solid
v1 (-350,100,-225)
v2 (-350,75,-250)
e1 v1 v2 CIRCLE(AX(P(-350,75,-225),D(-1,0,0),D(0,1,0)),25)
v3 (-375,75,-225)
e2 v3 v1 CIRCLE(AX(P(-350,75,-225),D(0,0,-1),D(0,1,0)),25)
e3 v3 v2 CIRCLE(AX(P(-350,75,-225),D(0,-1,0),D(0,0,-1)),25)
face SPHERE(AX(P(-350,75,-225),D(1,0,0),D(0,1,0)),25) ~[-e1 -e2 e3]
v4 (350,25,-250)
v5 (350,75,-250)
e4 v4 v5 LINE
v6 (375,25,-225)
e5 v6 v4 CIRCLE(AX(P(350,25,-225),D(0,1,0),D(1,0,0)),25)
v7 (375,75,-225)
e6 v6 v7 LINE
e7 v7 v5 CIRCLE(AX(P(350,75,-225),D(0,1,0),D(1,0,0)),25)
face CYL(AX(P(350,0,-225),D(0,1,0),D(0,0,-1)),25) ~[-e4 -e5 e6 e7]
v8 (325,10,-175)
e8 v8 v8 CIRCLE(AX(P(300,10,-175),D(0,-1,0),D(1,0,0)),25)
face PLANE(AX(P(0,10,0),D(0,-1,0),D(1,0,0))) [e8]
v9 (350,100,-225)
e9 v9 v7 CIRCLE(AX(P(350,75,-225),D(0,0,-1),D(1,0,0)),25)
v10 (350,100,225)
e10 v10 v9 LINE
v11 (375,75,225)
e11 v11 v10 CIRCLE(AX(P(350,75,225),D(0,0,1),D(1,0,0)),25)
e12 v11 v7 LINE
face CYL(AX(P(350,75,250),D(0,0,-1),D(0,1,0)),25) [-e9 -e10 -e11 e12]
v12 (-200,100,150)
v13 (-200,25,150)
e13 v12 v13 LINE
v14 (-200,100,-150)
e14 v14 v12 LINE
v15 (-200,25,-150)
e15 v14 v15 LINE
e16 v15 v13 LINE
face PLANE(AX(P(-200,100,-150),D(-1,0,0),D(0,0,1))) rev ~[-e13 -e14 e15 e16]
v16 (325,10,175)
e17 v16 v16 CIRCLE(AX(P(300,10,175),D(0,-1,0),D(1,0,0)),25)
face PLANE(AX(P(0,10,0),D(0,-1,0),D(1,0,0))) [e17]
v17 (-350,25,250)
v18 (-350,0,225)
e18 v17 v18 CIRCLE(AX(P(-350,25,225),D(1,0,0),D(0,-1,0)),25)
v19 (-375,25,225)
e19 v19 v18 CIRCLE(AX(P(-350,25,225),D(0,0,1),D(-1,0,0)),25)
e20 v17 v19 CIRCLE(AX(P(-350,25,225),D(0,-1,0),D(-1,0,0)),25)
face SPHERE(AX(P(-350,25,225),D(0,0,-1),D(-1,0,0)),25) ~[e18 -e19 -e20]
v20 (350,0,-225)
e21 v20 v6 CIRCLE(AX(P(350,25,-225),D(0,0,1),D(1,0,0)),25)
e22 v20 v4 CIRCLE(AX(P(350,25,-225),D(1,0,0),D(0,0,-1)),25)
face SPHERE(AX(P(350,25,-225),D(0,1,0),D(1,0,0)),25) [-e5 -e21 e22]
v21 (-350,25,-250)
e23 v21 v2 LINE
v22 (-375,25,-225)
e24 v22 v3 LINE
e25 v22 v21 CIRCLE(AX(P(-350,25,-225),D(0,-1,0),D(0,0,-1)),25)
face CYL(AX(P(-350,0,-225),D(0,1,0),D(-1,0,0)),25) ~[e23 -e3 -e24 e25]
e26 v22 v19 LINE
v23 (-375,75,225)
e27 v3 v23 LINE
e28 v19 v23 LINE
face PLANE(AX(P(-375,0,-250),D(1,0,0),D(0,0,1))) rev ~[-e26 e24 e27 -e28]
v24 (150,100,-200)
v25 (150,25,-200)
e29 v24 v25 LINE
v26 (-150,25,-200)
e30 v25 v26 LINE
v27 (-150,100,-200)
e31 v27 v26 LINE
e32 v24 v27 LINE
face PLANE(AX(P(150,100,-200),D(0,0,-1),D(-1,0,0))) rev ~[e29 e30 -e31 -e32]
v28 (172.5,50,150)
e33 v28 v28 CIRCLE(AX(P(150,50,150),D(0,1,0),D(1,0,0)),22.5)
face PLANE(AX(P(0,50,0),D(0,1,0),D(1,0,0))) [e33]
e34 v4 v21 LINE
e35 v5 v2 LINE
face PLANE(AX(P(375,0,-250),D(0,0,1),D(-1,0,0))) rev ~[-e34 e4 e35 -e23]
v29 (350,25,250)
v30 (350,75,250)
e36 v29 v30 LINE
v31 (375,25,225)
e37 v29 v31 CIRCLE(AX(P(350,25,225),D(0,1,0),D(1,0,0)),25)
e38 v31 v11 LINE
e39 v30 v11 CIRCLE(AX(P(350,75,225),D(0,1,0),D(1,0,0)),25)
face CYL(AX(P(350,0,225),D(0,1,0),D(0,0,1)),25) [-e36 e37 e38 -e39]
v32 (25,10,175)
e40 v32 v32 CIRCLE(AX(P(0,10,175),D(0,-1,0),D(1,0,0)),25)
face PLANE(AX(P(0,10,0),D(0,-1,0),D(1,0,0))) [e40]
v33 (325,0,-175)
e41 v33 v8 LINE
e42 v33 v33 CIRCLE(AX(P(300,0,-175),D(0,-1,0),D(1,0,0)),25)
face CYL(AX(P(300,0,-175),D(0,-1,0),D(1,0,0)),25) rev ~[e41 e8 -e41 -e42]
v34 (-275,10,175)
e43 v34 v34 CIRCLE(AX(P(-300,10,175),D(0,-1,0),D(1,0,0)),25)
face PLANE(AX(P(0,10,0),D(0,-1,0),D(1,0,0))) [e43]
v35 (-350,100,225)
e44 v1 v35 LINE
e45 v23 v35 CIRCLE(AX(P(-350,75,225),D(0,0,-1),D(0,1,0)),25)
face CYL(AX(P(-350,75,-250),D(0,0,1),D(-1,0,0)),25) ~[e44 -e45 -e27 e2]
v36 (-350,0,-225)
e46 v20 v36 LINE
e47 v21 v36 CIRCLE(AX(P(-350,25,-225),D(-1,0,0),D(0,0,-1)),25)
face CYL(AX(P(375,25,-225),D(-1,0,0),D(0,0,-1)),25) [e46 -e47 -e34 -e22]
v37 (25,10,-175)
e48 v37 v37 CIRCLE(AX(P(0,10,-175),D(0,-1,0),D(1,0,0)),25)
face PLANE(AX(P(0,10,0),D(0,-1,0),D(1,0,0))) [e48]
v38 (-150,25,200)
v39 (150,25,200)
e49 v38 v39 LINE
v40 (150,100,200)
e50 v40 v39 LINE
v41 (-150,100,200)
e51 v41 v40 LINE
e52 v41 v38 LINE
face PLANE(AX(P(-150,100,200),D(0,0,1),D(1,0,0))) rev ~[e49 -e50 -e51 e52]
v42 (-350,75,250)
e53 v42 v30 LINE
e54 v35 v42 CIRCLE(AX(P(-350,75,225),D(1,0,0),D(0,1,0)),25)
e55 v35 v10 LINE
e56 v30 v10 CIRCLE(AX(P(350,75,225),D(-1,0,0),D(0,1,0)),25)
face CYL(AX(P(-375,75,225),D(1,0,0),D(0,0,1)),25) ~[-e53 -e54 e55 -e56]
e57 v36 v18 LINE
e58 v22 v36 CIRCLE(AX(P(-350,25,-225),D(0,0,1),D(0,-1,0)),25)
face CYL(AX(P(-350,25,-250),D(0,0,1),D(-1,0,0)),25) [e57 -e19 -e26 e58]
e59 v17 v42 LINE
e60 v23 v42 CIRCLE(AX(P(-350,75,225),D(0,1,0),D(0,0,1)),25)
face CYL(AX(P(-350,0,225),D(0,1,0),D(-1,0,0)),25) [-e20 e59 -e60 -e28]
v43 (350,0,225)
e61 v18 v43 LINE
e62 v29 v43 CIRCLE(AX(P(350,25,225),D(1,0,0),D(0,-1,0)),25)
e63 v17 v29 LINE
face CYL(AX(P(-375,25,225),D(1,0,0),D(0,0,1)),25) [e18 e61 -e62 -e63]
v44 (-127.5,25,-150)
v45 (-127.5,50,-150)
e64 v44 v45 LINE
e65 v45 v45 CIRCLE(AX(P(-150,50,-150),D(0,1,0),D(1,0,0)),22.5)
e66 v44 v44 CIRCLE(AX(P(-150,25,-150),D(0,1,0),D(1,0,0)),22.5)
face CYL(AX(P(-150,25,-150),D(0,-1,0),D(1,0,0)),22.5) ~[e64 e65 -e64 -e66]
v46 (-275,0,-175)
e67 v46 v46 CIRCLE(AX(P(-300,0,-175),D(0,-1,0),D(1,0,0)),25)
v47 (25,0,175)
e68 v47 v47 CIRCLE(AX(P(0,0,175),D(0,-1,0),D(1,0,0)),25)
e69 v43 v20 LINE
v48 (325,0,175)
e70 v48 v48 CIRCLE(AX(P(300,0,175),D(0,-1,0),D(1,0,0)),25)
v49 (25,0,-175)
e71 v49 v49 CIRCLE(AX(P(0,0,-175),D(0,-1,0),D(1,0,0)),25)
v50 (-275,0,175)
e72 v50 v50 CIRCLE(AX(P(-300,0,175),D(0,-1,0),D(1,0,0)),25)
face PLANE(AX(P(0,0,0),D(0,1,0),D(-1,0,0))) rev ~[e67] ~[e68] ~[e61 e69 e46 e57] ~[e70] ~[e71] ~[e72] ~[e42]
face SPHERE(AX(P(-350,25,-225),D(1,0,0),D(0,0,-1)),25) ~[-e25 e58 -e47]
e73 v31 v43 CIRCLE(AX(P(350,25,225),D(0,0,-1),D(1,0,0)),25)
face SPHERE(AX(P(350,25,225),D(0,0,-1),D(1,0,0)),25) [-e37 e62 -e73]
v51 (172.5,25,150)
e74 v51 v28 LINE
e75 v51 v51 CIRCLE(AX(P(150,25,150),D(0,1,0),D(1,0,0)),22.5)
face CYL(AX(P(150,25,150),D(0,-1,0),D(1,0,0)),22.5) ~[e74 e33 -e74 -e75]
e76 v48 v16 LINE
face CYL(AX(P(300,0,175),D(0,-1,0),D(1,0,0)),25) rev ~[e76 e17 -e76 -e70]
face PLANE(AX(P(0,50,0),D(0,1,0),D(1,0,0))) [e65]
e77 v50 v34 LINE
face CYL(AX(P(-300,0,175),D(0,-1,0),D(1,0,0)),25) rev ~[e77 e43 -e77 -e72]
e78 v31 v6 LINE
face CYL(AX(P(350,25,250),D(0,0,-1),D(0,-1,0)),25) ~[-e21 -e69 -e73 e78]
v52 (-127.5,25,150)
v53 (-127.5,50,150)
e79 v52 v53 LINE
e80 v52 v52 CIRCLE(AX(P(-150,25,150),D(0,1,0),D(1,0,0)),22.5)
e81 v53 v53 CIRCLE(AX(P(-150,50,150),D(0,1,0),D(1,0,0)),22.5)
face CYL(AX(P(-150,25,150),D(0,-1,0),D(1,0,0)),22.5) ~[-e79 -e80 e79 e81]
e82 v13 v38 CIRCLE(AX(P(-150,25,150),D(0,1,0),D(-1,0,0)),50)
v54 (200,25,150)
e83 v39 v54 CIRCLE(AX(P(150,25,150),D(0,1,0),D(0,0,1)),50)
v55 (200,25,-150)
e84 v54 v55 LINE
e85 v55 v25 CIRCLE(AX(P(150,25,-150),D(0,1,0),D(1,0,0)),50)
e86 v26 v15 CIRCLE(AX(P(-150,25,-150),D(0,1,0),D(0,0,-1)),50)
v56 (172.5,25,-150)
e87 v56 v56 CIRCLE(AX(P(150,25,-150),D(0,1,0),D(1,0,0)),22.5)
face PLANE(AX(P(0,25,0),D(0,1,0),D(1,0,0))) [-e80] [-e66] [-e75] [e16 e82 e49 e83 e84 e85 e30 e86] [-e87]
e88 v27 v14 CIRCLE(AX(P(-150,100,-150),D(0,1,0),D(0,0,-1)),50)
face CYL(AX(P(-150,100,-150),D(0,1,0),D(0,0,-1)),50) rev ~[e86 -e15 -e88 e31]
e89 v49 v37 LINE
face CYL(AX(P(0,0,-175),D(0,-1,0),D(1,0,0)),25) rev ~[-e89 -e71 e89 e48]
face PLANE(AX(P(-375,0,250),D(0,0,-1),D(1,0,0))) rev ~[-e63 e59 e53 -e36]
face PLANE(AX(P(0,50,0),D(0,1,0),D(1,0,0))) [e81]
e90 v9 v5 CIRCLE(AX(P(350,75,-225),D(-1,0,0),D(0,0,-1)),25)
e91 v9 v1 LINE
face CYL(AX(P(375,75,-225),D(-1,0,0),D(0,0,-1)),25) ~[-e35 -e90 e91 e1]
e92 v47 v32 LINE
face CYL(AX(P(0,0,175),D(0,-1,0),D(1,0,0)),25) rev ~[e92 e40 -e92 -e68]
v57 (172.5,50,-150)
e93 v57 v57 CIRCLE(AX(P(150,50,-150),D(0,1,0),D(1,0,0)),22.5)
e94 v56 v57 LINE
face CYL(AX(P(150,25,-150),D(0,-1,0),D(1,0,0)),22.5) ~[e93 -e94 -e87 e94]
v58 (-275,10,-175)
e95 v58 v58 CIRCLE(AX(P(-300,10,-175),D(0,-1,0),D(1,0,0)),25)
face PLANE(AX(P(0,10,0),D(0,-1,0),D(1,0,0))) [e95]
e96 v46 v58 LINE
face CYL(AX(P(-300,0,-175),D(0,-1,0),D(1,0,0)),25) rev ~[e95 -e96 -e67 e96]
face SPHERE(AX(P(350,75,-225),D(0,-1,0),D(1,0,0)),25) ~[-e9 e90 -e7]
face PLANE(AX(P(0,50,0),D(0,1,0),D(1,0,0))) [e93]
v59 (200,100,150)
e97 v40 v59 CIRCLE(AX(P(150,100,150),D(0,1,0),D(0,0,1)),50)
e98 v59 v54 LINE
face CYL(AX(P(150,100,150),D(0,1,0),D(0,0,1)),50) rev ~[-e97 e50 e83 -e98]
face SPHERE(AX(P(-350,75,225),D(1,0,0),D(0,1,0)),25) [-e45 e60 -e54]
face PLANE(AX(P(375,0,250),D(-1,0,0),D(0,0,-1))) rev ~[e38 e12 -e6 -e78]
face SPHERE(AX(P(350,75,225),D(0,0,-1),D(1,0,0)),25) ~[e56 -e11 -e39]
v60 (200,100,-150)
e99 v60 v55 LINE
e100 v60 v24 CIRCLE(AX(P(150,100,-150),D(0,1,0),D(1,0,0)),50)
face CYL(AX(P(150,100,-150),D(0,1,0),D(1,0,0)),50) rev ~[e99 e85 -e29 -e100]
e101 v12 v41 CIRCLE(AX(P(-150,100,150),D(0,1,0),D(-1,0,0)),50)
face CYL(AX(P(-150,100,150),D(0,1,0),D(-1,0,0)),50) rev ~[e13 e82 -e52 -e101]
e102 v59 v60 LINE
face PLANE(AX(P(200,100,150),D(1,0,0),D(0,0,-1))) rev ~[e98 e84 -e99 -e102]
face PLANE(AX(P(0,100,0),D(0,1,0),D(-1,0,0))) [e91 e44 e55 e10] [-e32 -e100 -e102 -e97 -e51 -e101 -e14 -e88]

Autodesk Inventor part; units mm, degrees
ref_plane "YZ Plane" through (0, 0, 0) normal (1, 0, 0) x (0, 1, 0)
ref_plane "XZ Plane" through (0, 0, 0) normal (0, 1, 0) x (-1, 0, 0)
ref_plane "XY Plane" through (0, 0, 0) normal (0, 0, 1) x (1, 0, 0)
sketch "Sketch1" plane through (0, 0, 0) normal (0, 1, 0) x (-1, 0, 0)
  line L0 (375, 250) -> (-375, 250)
  line L1 (-375, 250) -> (-375, -250)
  line L2 (-375, -250) -> (375, -250)
  line L3 (375, -250) -> (375, 250)
  line L4 (375, 250) -> (-375, -250) construction
  line L5 (-375, 250) -> (375, -250) construction
  point P0 (0, 0)
  dimension "d0" = 750
  dimension "d1" = 500
extrude "Extrusion1" add sketch "Sketch1" along normal blind 100
sketch "Sketch2" plane through (0, 100, 0) normal (0, 1, 0) x (1, 0, 0)
  line L0 (-150, -200) -> (150, -200)
  line L1 (200, -150) -> (200, 150)
  line L2 (150, 200) -> (-150, 200)
  line L3 (-200, 150) -> (-200, -150)
  line L4 (-200, -200) -> (200, 200) construction
  line L5 (200, -200) -> (-200, 200) construction
  arc A0 (-200, -150) -> (-150, -200) centre (-150, -150) ccw
  arc A1 (-150, 200) -> (-200, 150) centre (-150, 150) ccw
  arc A2 (150, -200) -> (200, -150) centre (150, -150) ccw
  arc A3 (200, 150) -> (150, 200) centre (150, 150) ccw
  point P0 (0, 0)
  dimension "d4" = 400
  dimension "d5" = 400
  dimension "d6" = 50
  dimension "d7" = 50
  dimension "d8" = 50
extrude "Extrusion2" cut sketch "Sketch2" against normal blind 75
fillet "Fillet1" radius 25 12 edges at (375, 50, -250) (375, 0, 0) (375, 100, 0) (375, 50, 250) (0, 100, 250) (0, 100, -250) (-375, 100, 0) (0, 0, -250) (-375, 50, -250) (-375, 0, 0) (-375, 50, 250) (0, 0, 250)
sketch "Sketch3" plane through (0, 0, 0) normal (0, -1, 0) x (1, 0, 0)
  line L0 (300, -175) -> (-300, 175) construction
  line L1 (-300, -175) -> (300, 175) construction
  circle A0 centre (-300, -175) radius 25
  circle A1 centre (-300, 175) radius 25
  circle A2 centre (0, -175) radius 25
  circle A3 centre (0, 175) radius 25
  circle A4 centre (300, -175) radius 25
  circle A5 centre (300, 175) radius 25
  point P0 (0, 0)
  dimension "d12" = 600
  dimension "d13" = 350
  dimension "d14" = 50
  dimension "d15" = 50
  dimension "d16" = 50
  dimension "d17" = 50
  dimension "d18" = 50
  dimension "d19" = 50
extrude "Extrusion3" cut sketch "Sketch3" against normal blind 10
sketch "Sketch4" plane through (0, 25, 0) normal (0, 1, 0) x (1, 0, 0)
  circle A0 centre (-150, 150) radius 22.5
  arc A1 (-150, 200) -> (-200, 150) centre (-150, 150) ccw projected
  circle A2 centre (150, 150) radius 22.5
  circle A3 centre (150, -150) radius 22.5
  circle A4 centre (-150, -150) radius 22.5
  arc A5 (200, 150) -> (150, 200) centre (150, 150) ccw projected
  arc A6 (150, -200) -> (200, -150) centre (150, -150) ccw projected
  arc A7 (-200, -150) -> (-150, -200) centre (-150, -150) ccw projected
  point P0 (0, 0)
  dimension "d22" = 45
  dimension "d23" = 45
  dimension "d24" = 45
  dimension "d25" = 45
extrude "Extrusion4" add sketch "Sketch4" along normal blind 25
properties part number "WHEEL_BASE" material "Stainless Steel"
